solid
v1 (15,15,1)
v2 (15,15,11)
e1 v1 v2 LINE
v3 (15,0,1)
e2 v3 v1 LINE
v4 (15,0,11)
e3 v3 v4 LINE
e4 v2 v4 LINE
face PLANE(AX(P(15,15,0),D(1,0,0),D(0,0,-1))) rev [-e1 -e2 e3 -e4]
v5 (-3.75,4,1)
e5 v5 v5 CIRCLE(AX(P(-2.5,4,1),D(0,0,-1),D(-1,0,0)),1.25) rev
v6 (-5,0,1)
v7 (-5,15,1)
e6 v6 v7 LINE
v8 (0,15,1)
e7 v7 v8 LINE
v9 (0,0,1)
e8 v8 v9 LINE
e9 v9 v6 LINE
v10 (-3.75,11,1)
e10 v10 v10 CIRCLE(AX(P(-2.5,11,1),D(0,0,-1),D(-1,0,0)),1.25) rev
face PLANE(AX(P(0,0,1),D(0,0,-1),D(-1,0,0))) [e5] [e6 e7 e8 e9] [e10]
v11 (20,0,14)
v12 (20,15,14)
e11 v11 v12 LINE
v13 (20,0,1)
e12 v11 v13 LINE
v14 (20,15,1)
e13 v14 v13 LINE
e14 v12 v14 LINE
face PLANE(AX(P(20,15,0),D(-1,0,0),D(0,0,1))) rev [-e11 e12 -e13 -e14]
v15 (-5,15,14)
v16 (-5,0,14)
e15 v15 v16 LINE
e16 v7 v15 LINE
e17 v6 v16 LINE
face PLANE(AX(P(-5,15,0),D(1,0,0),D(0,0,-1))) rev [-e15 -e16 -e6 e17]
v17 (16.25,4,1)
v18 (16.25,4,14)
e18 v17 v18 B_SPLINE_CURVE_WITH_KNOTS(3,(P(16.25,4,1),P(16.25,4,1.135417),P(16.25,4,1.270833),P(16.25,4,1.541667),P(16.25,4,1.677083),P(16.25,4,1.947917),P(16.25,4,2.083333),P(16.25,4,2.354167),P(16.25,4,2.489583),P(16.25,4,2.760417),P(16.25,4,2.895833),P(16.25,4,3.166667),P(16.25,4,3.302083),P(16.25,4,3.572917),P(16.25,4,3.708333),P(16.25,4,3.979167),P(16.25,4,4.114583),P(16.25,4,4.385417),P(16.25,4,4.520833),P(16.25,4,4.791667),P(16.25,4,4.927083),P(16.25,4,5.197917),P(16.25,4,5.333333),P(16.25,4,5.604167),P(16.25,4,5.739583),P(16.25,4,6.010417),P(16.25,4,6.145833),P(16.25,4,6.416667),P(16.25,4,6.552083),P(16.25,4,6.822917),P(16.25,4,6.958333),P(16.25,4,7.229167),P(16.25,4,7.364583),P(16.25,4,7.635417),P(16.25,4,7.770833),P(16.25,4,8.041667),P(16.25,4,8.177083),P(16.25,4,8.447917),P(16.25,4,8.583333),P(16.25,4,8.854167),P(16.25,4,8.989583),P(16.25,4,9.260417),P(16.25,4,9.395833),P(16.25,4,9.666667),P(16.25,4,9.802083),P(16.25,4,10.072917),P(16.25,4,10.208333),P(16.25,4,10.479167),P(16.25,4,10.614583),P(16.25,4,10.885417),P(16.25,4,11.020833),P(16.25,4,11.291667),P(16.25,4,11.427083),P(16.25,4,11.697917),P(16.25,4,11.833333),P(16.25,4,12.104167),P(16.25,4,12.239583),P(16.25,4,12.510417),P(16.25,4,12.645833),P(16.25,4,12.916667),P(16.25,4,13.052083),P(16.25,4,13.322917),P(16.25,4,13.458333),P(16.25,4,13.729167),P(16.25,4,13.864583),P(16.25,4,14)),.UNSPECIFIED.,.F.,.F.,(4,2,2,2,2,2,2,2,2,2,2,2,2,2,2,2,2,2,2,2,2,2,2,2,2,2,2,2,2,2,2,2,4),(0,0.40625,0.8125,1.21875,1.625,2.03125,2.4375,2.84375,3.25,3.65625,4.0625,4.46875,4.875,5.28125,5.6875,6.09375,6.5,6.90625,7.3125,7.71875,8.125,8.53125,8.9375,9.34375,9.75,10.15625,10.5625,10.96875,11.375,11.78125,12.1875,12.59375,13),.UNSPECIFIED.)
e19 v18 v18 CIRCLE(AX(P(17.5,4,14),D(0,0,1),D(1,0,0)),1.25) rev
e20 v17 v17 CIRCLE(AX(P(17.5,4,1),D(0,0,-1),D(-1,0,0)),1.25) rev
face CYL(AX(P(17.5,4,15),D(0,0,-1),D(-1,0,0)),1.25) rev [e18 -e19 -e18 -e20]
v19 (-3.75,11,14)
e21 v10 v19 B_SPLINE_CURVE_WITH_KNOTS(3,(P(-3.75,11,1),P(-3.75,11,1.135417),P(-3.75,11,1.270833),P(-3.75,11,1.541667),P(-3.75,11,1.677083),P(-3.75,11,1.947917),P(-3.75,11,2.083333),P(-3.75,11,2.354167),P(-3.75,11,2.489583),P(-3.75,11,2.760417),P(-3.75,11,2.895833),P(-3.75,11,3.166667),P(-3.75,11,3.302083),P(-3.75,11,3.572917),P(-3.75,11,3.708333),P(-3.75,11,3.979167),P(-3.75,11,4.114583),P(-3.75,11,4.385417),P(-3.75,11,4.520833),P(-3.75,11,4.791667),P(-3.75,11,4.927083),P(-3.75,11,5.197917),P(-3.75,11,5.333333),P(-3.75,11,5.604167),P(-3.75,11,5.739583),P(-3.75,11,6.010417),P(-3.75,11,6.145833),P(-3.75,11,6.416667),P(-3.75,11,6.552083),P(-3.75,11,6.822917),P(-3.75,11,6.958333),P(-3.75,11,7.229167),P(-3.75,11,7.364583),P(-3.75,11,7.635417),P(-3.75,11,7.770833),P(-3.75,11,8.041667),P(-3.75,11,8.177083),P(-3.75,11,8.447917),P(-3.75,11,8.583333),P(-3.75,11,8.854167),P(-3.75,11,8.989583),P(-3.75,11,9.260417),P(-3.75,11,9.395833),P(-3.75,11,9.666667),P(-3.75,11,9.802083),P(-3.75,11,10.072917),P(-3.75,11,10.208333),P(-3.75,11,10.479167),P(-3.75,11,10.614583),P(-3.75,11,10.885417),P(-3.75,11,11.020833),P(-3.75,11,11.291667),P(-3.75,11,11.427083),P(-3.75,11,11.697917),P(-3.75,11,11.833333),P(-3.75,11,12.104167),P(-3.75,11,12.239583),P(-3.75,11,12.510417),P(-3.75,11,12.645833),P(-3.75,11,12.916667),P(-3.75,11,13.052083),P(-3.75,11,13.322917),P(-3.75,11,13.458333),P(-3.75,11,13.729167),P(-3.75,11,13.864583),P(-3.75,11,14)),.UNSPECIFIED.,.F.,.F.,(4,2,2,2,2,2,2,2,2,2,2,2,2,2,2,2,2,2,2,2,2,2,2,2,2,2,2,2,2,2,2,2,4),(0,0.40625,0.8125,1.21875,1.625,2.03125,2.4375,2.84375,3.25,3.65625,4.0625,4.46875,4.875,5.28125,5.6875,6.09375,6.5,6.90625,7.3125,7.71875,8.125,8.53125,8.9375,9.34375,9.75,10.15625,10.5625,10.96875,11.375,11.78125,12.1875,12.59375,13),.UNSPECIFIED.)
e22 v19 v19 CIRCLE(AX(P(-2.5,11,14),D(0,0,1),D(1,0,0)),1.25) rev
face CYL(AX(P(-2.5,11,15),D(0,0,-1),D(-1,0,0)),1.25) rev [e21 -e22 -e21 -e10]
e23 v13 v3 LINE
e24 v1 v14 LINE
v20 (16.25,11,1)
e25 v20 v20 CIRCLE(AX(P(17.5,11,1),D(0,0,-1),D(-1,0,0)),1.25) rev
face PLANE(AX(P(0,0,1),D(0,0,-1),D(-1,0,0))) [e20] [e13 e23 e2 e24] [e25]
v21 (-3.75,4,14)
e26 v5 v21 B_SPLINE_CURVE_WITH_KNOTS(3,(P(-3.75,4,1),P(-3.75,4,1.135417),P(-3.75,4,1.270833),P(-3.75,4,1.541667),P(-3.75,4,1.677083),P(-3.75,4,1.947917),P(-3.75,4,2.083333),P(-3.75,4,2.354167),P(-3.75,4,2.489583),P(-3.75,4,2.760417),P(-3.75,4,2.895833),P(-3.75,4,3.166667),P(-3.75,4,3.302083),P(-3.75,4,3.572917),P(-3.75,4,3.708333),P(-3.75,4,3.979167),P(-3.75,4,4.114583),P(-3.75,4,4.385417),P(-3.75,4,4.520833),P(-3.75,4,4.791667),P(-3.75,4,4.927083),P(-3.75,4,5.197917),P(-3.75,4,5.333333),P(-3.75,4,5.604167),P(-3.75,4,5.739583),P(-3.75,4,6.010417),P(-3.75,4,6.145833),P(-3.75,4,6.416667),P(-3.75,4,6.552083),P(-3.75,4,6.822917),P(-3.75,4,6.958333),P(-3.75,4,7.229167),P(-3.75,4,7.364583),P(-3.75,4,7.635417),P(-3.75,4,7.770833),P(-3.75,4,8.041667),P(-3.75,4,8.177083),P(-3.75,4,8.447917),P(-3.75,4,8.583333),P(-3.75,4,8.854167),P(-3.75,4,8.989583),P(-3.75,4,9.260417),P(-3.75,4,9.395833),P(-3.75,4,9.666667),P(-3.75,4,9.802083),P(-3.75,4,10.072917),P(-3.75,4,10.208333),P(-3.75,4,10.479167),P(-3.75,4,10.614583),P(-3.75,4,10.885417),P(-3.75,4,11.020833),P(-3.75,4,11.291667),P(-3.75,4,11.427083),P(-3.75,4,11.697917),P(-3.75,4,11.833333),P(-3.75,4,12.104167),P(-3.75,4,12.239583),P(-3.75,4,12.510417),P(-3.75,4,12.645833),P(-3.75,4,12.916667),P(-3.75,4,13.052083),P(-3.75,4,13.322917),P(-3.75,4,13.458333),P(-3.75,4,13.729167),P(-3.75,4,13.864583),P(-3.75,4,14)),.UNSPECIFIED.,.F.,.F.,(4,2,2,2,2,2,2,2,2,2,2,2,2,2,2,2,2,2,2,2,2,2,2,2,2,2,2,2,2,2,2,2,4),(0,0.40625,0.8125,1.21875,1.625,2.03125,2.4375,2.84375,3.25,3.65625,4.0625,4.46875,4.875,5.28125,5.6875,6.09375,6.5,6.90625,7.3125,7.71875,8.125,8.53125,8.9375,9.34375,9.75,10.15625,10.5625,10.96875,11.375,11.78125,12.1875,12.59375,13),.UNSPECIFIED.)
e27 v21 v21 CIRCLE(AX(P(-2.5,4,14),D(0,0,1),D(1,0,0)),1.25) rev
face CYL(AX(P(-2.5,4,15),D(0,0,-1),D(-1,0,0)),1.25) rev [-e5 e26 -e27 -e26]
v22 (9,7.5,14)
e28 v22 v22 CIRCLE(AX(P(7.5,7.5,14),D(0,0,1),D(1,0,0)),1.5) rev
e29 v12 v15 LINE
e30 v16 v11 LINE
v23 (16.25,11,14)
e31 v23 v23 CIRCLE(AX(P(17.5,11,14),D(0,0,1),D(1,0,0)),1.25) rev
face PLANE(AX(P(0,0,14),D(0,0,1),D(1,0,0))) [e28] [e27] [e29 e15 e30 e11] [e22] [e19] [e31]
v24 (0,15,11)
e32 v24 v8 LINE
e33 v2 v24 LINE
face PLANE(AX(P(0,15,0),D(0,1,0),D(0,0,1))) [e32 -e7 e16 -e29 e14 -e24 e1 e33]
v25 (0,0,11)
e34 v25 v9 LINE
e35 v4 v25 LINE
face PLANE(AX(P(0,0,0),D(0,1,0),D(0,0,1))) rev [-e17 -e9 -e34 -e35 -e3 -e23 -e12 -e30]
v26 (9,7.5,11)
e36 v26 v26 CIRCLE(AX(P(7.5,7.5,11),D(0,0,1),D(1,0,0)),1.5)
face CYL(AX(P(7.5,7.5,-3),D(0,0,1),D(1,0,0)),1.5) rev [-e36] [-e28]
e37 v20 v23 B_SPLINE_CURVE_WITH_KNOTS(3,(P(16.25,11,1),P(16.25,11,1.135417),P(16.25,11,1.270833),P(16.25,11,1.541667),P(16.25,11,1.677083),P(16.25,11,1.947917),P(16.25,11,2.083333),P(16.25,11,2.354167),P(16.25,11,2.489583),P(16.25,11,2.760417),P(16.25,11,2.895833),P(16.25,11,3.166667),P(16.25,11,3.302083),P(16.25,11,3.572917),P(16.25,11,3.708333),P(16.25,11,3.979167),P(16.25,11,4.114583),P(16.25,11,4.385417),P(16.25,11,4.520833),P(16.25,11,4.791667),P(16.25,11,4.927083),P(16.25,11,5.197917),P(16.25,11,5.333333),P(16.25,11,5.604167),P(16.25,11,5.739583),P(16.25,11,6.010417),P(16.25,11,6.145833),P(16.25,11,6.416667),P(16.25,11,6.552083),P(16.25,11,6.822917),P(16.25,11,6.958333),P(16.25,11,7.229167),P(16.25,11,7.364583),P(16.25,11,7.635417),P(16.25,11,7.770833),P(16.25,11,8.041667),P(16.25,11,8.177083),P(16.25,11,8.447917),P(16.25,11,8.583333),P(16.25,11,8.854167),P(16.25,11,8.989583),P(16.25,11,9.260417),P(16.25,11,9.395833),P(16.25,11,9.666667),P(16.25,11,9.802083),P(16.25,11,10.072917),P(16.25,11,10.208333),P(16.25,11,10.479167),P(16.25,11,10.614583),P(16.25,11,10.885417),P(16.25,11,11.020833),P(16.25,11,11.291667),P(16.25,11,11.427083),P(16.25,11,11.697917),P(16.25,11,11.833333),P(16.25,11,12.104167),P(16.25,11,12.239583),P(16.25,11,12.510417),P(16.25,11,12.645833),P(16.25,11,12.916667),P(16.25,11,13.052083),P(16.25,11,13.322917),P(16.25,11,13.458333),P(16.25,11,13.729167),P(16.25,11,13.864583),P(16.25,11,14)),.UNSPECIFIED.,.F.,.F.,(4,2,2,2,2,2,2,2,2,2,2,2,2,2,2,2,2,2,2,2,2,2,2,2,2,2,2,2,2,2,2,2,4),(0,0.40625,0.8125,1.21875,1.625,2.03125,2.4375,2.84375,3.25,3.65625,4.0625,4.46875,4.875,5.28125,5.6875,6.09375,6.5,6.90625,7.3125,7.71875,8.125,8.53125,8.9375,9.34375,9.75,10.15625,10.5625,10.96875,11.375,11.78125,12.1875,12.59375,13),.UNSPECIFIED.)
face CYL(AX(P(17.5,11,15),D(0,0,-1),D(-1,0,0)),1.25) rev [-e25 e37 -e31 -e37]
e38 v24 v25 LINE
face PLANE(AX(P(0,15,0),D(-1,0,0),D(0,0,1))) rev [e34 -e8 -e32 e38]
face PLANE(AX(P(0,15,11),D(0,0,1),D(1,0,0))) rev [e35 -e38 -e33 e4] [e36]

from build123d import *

# Parameters (mm, degrees)
EXTRUDE_1_DEPTH     = 15
SKETCH_2_R          = 1.25
CUT_EXTRUDE_1_DEPTH = 30.154759474
SKETCH_3_R          = 1.25
CUT_EXTRUDE_2_DEPTH = 30.154759474
SKETCH_4_R          = 1.5
CUT_EXTRUDE_3_DEPTH = 18
SKETCH_5_W          = 25
SKETCH_5_H          = 15
CUT_EXTRUDE_4_DEPTH = 1
SKETCH_6_W          = 25
SKETCH_6_H          = 15
CUT_EXTRUDE_5_DEPTH = 1


with BuildPart() as part:
    # 草图1 → 凸台-拉伸1 (new body)
    with BuildSketch(Plane(origin=(0, 0, 0), x_dir=(1, 0, 0), z_dir=(0, 1, 0))):
        Polygon((0, 0), (-5, 0), (-5, -15), (20, -15), (20, 0), (15, 0), (15, -11), (0, -11), align=None)
    extrude(amount=EXTRUDE_1_DEPTH)

    # 草图2 → 切除-拉伸1 (cut, through all)
    with BuildSketch(Plane(origin=(0, 0, 0), x_dir=(-1, 0, 0), z_dir=(0, 0, -1))):
        with Locations((-17.5, 4)):
            Circle(SKETCH_2_R)
        with Locations((-17.5, 11)):
            Circle(SKETCH_2_R)
    extrude(amount=-CUT_EXTRUDE_1_DEPTH, mode=Mode.SUBTRACT)

    # 草图3 → 切除-拉伸2 (cut, through all)
    with BuildSketch(Plane(origin=(0, 0, 0), x_dir=(-1, 0, 0), z_dir=(0, 0, -1))):
        with Locations((2.5, 4)):
            Circle(SKETCH_3_R)
        with Locations((2.5, 11)):
            Circle(SKETCH_3_R)
    extrude(amount=-CUT_EXTRUDE_2_DEPTH, mode=Mode.SUBTRACT)

    # 草图4 → 切除-拉伸3 (cut)
    with BuildSketch(Plane.XY.offset(15)):
        with Locations((7.5, 7.5)):
            Circle(SKETCH_4_R)
    extrude(amount=-CUT_EXTRUDE_3_DEPTH, mode=Mode.SUBTRACT)

    # 草图5 → 切除-拉伸4 (cut)
    with BuildSketch(Plane(origin=(0, 0, 0), x_dir=(-1, 0, 0), z_dir=(0, 0, -1))):
        with Locations((-7.5, 7.5)):
            Rectangle(SKETCH_5_W, SKETCH_5_H)
    extrude(amount=-CUT_EXTRUDE_4_DEPTH, mode=Mode.SUBTRACT)

    # 草图6 → 切除-拉伸5 (cut)
    with BuildSketch(Plane.XY.offset(15)):
        with Locations((7.5, 7.5)):
            Rectangle(SKETCH_6_W, SKETCH_6_H)
    extrude(amount=-CUT_EXTRUDE_5_DEPTH, mode=Mode.SUBTRACT)


solid = part.part
